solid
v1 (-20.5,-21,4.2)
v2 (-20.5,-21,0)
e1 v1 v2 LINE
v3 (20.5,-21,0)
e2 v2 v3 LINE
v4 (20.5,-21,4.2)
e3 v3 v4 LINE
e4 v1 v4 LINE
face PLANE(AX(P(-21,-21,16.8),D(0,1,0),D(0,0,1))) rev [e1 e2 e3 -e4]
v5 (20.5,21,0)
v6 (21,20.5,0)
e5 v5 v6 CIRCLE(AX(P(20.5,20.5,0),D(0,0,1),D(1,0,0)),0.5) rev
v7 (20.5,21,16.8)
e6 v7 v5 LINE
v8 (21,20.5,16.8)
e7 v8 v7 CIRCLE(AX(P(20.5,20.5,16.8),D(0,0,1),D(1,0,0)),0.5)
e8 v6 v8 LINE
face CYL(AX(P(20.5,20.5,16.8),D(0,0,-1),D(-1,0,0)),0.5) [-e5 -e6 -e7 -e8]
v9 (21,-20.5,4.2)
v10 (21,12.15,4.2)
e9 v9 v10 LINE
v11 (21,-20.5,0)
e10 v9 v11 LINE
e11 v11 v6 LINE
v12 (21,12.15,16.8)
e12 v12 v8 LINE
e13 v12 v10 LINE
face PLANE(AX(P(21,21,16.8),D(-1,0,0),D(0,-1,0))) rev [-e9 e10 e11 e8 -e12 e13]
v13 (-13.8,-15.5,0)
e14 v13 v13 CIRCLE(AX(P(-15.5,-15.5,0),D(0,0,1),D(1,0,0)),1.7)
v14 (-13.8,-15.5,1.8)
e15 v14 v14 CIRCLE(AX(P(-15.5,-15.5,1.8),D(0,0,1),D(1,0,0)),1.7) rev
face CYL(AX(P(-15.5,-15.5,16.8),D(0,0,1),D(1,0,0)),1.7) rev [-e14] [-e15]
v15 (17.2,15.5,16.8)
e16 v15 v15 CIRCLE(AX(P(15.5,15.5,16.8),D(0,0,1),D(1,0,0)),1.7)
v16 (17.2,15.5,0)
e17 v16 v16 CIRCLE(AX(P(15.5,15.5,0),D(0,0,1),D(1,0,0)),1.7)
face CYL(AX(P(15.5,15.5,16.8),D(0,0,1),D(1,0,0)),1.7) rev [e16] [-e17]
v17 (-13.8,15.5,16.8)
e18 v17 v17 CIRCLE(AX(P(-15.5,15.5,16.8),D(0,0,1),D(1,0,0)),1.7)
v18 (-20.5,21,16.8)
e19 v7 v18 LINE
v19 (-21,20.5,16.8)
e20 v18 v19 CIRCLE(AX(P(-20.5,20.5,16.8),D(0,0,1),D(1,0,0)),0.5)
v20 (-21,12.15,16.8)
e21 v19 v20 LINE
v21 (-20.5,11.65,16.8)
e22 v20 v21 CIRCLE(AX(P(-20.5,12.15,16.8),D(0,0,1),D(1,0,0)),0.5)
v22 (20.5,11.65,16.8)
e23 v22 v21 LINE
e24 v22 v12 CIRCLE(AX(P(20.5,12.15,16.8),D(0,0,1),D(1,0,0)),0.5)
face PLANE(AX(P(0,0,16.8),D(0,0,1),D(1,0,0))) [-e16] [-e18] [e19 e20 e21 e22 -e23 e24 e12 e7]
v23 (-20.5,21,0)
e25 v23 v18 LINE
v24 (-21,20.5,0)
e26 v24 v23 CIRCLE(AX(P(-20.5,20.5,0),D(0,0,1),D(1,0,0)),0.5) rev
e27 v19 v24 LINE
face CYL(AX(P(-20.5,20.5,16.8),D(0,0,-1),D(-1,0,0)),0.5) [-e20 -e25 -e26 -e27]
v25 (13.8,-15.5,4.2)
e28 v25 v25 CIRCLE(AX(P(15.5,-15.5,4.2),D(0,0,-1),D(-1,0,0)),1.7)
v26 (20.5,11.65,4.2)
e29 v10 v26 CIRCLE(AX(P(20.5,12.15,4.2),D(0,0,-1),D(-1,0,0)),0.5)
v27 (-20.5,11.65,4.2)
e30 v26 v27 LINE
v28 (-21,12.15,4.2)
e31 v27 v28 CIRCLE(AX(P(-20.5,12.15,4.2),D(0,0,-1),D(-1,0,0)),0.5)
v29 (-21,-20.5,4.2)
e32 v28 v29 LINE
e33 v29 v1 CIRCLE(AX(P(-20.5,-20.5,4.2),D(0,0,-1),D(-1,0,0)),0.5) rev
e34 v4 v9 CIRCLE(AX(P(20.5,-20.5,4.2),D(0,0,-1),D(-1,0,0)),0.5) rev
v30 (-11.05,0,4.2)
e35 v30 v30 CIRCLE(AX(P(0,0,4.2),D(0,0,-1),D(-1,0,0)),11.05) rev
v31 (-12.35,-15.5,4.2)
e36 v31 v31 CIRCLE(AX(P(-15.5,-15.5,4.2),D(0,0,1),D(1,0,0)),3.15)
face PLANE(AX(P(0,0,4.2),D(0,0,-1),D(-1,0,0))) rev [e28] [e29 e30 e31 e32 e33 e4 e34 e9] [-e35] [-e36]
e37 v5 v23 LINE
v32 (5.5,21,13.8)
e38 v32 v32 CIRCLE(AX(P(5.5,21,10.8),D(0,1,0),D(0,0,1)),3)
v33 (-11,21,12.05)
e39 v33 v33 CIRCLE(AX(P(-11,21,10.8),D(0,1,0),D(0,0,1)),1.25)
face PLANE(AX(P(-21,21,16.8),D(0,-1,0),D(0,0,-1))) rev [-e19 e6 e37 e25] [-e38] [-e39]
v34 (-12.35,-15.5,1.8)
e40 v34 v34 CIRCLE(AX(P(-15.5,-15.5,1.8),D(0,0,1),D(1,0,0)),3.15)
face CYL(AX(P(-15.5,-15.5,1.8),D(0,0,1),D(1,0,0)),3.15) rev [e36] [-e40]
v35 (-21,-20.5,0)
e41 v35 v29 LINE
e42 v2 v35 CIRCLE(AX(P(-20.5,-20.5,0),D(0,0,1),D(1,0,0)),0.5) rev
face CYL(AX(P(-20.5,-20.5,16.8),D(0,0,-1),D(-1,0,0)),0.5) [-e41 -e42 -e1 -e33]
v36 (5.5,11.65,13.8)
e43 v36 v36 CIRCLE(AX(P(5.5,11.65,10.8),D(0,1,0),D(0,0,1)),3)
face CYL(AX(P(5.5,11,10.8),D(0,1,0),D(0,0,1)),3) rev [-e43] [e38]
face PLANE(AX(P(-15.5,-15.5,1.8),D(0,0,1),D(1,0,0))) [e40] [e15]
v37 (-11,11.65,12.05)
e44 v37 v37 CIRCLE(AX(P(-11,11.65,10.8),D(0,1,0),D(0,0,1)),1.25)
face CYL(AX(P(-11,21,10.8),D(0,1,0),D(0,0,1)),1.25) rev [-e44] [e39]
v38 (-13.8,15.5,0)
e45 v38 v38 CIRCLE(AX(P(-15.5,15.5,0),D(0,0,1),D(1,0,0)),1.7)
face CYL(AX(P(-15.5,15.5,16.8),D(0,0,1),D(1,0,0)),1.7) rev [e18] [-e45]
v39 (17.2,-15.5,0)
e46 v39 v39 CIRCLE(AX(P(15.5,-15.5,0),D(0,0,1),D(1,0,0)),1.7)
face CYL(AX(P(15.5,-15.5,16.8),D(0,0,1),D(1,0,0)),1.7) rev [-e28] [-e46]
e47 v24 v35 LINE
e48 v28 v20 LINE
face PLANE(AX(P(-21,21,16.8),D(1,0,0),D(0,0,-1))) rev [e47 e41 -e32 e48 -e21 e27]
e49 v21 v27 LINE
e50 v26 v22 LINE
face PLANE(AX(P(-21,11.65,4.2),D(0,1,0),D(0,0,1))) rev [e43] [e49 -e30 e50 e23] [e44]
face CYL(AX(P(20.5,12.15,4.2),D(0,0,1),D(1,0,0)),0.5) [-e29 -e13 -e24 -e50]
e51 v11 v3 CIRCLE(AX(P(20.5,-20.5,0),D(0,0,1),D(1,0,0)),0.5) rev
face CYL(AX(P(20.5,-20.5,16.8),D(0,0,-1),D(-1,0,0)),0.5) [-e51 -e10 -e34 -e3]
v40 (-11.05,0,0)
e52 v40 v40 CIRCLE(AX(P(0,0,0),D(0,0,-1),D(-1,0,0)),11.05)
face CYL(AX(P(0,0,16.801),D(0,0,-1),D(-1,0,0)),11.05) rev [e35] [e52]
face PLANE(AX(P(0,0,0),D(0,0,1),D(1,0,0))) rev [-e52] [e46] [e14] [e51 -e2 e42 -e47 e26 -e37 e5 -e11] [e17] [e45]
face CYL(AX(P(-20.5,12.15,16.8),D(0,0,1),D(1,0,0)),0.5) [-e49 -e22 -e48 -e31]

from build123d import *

# Parameters (mm, degrees)
SKETCH1_W            = 42
SKETCH1_H            = 42
BOSS_EXTRUDE1_DEPTH  = 16.8
SKETCH2_W            = 42
SKETCH2_H            = 32.65
CUT_EXTRUDE1_DEPTH   = 12.6
CUT_EXTRUDE2_REACH   = 36.121
SKETCH3_R            = 11.05
M3_CLEARANCE_HOLE1_D = 3.4
SKETCH6_R            = 3.15
CUT_EXTRUDE3_DEPTH   = 2.4
M3_TAPPED_HOLE1_D    = 2.5
FILLET1_R            = 0.5
SKETCH11_R           = 3
CUT_EXTRUDE4_DEPTH   = 10


with BuildPart() as part:
    # Sketch1 → Boss-Extrude1 (new body)
    with BuildSketch(Plane.XY):
        Rectangle(SKETCH1_W, SKETCH1_H)
    extrude(amount=BOSS_EXTRUDE1_DEPTH)

    # Sketch2 → Cut-Extrude1 (cut)
    with BuildSketch(Plane.XY.offset(16.8)):
        with Locations((0, -4.675)):
            Rectangle(SKETCH2_W, SKETCH2_H)
    extrude(amount=-CUT_EXTRUDE1_DEPTH, mode=Mode.SUBTRACT)

    # Sketch3 → Cut-Extrude2 (cut, up to next)
    with BuildSketch(Plane(origin=(0, 0, 0), x_dir=(-1, 0, 0), z_dir=(0, 0, -1)), mode=Mode.PRIVATE) as cut_extrude2_sk1:
        Circle(SKETCH3_R)
    cut_extrude2_tool1 = extrude(cut_extrude2_sk1.sketch, amount=-CUT_EXTRUDE2_REACH, mode=Mode.PRIVATE) & part.part
    add(cut_extrude2_tool1.solids().sort_by_distance((0, 0, 0))[0], mode=Mode.SUBTRACT)

    # M3 Clearance Hole1 (through all)
    with Locations(Plane.XY.offset(16.8)):
        with Locations((15.5, 15.5), (-15.5, 15.5), (-15.5, -15.5), (15.5, -15.5)):
            Hole(M3_CLEARANCE_HOLE1_D / 2)

    # Sketch6 → Cut-Extrude3 (cut)
    with BuildSketch(Plane.XY.offset(4.2)):
        with Locations((-15.5, -15.5)):
            Circle(SKETCH6_R)
    extrude(amount=-CUT_EXTRUDE3_DEPTH, mode=Mode.SUBTRACT)

    # M3 Tapped Hole1 (through all)
    with Locations(Plane(origin=(0, 21, 0), x_dir=(1, 0, 0), z_dir=(0, 1, 0))):
        with Locations((-11, -10.8)):
            Hole(M3_TAPPED_HOLE1_D / 2)

    # Fillet1
    fillet1_edges = [part.edges().sort_by_distance(p)[0] for p in [
        (21, -21, 2.1),
        (-21, -21, 2.1),
        (-21, 11.65, 10.5),
        (21, 11.65, 10.5),
        (-21, 21, 8.4),
        (21, 21, 8.4),
    ]]
    fillet(fillet1_edges, radius=FILLET1_R)

    # Sketch11 → Cut-Extrude4 (cut)
    with BuildSketch(Plane(origin=(0, 21, 0), x_dir=(1, 0, 0), z_dir=(0, 1, 0))):
        with Locations(Location((5.5, -10.8, 0), (0, 0, 270))):
            Circle(SKETCH11_R)
    extrude(amount=-CUT_EXTRUDE4_DEPTH, mode=Mode.SUBTRACT)


solid = part.part
